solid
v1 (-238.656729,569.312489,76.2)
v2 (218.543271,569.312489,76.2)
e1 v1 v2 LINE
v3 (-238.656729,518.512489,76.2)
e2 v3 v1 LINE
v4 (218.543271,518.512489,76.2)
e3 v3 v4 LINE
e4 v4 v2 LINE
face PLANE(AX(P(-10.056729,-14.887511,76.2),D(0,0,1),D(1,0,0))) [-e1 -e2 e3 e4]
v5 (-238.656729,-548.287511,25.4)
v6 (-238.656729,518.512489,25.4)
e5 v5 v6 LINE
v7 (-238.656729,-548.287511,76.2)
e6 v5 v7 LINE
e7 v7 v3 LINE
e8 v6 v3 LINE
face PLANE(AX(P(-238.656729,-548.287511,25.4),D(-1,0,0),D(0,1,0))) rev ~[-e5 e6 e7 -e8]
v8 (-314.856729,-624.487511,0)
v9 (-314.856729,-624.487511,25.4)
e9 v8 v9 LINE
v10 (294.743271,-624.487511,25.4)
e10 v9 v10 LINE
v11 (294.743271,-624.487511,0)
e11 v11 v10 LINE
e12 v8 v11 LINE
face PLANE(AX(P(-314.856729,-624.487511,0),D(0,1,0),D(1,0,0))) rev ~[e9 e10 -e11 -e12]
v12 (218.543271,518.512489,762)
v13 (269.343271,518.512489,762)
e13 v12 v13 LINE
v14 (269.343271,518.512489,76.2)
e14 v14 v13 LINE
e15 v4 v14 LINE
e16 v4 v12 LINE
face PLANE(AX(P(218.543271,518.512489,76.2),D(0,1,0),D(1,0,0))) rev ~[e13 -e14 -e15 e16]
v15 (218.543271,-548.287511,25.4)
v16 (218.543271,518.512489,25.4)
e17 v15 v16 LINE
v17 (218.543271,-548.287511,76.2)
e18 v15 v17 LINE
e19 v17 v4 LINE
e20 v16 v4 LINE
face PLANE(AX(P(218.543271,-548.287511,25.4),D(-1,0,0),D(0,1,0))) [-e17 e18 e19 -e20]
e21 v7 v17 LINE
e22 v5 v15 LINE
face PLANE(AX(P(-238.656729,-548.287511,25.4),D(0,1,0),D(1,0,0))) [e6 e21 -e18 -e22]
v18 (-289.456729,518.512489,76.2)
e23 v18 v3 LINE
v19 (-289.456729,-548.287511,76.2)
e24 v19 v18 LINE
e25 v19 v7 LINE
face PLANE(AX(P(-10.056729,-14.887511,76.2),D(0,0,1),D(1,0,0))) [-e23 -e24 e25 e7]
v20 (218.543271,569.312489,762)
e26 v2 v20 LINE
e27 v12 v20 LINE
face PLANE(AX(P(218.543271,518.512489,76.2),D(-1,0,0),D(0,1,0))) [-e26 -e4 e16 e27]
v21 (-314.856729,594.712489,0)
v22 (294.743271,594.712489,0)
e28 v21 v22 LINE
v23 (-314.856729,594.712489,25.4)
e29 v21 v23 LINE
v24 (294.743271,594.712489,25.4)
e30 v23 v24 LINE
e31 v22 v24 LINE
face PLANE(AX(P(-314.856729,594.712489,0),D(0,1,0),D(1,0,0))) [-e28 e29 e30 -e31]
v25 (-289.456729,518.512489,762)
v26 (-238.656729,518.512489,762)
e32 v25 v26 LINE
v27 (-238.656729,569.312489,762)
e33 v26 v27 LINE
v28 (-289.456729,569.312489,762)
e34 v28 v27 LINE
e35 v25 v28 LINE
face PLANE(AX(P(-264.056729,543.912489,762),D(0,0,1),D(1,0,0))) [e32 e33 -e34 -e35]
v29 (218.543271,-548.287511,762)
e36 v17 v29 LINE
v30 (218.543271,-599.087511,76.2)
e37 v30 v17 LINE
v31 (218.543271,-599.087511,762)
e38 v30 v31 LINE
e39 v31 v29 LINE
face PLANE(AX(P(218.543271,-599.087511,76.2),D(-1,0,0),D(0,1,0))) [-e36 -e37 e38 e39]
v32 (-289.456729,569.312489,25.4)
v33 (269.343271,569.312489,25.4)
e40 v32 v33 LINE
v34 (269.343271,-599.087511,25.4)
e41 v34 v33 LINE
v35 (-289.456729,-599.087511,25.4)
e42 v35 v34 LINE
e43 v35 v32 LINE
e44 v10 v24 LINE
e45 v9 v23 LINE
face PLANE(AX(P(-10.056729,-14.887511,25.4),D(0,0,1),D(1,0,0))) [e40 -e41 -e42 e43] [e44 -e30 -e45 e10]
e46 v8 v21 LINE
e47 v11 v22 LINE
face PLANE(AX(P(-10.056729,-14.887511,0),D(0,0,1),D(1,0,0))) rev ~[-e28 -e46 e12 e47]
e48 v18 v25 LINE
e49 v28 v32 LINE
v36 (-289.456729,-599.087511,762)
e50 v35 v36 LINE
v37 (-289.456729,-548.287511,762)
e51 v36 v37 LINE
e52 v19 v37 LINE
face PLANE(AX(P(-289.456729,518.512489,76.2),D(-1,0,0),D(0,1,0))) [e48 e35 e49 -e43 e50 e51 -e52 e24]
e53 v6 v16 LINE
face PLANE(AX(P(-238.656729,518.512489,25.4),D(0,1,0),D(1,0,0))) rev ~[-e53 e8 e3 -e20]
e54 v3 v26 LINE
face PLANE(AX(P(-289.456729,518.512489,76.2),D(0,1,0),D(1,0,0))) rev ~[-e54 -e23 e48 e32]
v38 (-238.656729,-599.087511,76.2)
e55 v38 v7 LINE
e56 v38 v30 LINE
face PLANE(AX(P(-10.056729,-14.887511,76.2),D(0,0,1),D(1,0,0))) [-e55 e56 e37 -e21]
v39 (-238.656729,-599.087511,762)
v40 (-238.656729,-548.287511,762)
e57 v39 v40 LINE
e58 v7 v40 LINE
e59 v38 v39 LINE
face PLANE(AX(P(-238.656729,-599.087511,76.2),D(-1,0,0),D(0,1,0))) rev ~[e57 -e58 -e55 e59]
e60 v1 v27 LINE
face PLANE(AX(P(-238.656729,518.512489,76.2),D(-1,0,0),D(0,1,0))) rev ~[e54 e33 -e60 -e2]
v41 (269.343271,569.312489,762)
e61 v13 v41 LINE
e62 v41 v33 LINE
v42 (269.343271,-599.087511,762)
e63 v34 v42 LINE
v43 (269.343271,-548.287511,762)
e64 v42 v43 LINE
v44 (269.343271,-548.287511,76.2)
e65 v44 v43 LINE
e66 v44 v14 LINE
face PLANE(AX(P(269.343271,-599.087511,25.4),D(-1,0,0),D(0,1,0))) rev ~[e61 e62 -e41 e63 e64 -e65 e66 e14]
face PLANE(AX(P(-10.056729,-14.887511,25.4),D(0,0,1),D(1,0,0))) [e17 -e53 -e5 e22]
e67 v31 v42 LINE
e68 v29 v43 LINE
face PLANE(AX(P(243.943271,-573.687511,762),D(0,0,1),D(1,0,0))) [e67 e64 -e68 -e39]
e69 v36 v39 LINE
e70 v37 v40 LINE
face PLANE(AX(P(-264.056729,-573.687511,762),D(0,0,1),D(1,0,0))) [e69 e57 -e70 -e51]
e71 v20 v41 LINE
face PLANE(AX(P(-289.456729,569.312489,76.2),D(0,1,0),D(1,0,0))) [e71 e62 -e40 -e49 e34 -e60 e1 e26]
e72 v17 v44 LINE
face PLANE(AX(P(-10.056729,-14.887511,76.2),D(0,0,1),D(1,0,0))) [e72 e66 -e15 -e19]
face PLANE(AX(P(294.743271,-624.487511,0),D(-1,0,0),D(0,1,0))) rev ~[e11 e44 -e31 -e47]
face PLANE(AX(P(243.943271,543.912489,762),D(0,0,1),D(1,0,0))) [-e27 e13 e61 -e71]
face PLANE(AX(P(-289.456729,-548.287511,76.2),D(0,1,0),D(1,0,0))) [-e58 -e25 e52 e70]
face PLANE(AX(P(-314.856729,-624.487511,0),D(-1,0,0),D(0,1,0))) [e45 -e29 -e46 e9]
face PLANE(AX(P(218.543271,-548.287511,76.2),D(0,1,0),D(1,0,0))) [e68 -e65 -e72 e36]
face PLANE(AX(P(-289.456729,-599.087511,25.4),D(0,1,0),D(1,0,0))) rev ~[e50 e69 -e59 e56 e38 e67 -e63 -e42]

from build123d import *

# Parameters (mm, degrees)
F0_W     = 609.6
F0_H     = 1219.2
F1_DEPTH = 25.4
F2_W     = 558.8
F2_H     = 1168.4
F2_W_2   = 457.2
F2_H_2   = 1066.8
F3_DEPTH = 50.8
F4_W     = 50.8
F4_H     = 50.8
F5_DEPTH = 685.8


with BuildPart() as f1:
    # F0 (on Top) → F1 (new body)
    with BuildSketch(Plane.XY):
        with Locations((-10.056729, -14.887511)):
            Rectangle(F0_W, F0_H)
    extrude(amount=F1_DEPTH)

    # F2 (on face) → F3 (join)
    with BuildSketch(Plane.XY.offset(25.4)):
        with Locations((-10.056729, -14.887511)):
            Rectangle(F2_W, F2_H)
        with Locations((-10.056729, -14.887511)):
            Rectangle(F2_W_2, F2_H_2, mode=Mode.SUBTRACT)
    extrude(amount=F3_DEPTH)

    # F4 (on face) → F5 (join)
    with BuildSketch(Plane.XY.offset(76.2)):
        with Locations((-264.056729, 543.912489)):
            Rectangle(F4_W, F4_H)
        with Locations((243.943271, 543.912489)):
            Rectangle(F4_W, F4_H)
        with Locations((-264.056729, -573.687511)):
            Rectangle(F4_W, F4_H)
        with Locations((243.943271, -573.687511)):
            Rectangle(F4_W, F4_H)
    extrude(amount=F5_DEPTH)


solid = f1.part
